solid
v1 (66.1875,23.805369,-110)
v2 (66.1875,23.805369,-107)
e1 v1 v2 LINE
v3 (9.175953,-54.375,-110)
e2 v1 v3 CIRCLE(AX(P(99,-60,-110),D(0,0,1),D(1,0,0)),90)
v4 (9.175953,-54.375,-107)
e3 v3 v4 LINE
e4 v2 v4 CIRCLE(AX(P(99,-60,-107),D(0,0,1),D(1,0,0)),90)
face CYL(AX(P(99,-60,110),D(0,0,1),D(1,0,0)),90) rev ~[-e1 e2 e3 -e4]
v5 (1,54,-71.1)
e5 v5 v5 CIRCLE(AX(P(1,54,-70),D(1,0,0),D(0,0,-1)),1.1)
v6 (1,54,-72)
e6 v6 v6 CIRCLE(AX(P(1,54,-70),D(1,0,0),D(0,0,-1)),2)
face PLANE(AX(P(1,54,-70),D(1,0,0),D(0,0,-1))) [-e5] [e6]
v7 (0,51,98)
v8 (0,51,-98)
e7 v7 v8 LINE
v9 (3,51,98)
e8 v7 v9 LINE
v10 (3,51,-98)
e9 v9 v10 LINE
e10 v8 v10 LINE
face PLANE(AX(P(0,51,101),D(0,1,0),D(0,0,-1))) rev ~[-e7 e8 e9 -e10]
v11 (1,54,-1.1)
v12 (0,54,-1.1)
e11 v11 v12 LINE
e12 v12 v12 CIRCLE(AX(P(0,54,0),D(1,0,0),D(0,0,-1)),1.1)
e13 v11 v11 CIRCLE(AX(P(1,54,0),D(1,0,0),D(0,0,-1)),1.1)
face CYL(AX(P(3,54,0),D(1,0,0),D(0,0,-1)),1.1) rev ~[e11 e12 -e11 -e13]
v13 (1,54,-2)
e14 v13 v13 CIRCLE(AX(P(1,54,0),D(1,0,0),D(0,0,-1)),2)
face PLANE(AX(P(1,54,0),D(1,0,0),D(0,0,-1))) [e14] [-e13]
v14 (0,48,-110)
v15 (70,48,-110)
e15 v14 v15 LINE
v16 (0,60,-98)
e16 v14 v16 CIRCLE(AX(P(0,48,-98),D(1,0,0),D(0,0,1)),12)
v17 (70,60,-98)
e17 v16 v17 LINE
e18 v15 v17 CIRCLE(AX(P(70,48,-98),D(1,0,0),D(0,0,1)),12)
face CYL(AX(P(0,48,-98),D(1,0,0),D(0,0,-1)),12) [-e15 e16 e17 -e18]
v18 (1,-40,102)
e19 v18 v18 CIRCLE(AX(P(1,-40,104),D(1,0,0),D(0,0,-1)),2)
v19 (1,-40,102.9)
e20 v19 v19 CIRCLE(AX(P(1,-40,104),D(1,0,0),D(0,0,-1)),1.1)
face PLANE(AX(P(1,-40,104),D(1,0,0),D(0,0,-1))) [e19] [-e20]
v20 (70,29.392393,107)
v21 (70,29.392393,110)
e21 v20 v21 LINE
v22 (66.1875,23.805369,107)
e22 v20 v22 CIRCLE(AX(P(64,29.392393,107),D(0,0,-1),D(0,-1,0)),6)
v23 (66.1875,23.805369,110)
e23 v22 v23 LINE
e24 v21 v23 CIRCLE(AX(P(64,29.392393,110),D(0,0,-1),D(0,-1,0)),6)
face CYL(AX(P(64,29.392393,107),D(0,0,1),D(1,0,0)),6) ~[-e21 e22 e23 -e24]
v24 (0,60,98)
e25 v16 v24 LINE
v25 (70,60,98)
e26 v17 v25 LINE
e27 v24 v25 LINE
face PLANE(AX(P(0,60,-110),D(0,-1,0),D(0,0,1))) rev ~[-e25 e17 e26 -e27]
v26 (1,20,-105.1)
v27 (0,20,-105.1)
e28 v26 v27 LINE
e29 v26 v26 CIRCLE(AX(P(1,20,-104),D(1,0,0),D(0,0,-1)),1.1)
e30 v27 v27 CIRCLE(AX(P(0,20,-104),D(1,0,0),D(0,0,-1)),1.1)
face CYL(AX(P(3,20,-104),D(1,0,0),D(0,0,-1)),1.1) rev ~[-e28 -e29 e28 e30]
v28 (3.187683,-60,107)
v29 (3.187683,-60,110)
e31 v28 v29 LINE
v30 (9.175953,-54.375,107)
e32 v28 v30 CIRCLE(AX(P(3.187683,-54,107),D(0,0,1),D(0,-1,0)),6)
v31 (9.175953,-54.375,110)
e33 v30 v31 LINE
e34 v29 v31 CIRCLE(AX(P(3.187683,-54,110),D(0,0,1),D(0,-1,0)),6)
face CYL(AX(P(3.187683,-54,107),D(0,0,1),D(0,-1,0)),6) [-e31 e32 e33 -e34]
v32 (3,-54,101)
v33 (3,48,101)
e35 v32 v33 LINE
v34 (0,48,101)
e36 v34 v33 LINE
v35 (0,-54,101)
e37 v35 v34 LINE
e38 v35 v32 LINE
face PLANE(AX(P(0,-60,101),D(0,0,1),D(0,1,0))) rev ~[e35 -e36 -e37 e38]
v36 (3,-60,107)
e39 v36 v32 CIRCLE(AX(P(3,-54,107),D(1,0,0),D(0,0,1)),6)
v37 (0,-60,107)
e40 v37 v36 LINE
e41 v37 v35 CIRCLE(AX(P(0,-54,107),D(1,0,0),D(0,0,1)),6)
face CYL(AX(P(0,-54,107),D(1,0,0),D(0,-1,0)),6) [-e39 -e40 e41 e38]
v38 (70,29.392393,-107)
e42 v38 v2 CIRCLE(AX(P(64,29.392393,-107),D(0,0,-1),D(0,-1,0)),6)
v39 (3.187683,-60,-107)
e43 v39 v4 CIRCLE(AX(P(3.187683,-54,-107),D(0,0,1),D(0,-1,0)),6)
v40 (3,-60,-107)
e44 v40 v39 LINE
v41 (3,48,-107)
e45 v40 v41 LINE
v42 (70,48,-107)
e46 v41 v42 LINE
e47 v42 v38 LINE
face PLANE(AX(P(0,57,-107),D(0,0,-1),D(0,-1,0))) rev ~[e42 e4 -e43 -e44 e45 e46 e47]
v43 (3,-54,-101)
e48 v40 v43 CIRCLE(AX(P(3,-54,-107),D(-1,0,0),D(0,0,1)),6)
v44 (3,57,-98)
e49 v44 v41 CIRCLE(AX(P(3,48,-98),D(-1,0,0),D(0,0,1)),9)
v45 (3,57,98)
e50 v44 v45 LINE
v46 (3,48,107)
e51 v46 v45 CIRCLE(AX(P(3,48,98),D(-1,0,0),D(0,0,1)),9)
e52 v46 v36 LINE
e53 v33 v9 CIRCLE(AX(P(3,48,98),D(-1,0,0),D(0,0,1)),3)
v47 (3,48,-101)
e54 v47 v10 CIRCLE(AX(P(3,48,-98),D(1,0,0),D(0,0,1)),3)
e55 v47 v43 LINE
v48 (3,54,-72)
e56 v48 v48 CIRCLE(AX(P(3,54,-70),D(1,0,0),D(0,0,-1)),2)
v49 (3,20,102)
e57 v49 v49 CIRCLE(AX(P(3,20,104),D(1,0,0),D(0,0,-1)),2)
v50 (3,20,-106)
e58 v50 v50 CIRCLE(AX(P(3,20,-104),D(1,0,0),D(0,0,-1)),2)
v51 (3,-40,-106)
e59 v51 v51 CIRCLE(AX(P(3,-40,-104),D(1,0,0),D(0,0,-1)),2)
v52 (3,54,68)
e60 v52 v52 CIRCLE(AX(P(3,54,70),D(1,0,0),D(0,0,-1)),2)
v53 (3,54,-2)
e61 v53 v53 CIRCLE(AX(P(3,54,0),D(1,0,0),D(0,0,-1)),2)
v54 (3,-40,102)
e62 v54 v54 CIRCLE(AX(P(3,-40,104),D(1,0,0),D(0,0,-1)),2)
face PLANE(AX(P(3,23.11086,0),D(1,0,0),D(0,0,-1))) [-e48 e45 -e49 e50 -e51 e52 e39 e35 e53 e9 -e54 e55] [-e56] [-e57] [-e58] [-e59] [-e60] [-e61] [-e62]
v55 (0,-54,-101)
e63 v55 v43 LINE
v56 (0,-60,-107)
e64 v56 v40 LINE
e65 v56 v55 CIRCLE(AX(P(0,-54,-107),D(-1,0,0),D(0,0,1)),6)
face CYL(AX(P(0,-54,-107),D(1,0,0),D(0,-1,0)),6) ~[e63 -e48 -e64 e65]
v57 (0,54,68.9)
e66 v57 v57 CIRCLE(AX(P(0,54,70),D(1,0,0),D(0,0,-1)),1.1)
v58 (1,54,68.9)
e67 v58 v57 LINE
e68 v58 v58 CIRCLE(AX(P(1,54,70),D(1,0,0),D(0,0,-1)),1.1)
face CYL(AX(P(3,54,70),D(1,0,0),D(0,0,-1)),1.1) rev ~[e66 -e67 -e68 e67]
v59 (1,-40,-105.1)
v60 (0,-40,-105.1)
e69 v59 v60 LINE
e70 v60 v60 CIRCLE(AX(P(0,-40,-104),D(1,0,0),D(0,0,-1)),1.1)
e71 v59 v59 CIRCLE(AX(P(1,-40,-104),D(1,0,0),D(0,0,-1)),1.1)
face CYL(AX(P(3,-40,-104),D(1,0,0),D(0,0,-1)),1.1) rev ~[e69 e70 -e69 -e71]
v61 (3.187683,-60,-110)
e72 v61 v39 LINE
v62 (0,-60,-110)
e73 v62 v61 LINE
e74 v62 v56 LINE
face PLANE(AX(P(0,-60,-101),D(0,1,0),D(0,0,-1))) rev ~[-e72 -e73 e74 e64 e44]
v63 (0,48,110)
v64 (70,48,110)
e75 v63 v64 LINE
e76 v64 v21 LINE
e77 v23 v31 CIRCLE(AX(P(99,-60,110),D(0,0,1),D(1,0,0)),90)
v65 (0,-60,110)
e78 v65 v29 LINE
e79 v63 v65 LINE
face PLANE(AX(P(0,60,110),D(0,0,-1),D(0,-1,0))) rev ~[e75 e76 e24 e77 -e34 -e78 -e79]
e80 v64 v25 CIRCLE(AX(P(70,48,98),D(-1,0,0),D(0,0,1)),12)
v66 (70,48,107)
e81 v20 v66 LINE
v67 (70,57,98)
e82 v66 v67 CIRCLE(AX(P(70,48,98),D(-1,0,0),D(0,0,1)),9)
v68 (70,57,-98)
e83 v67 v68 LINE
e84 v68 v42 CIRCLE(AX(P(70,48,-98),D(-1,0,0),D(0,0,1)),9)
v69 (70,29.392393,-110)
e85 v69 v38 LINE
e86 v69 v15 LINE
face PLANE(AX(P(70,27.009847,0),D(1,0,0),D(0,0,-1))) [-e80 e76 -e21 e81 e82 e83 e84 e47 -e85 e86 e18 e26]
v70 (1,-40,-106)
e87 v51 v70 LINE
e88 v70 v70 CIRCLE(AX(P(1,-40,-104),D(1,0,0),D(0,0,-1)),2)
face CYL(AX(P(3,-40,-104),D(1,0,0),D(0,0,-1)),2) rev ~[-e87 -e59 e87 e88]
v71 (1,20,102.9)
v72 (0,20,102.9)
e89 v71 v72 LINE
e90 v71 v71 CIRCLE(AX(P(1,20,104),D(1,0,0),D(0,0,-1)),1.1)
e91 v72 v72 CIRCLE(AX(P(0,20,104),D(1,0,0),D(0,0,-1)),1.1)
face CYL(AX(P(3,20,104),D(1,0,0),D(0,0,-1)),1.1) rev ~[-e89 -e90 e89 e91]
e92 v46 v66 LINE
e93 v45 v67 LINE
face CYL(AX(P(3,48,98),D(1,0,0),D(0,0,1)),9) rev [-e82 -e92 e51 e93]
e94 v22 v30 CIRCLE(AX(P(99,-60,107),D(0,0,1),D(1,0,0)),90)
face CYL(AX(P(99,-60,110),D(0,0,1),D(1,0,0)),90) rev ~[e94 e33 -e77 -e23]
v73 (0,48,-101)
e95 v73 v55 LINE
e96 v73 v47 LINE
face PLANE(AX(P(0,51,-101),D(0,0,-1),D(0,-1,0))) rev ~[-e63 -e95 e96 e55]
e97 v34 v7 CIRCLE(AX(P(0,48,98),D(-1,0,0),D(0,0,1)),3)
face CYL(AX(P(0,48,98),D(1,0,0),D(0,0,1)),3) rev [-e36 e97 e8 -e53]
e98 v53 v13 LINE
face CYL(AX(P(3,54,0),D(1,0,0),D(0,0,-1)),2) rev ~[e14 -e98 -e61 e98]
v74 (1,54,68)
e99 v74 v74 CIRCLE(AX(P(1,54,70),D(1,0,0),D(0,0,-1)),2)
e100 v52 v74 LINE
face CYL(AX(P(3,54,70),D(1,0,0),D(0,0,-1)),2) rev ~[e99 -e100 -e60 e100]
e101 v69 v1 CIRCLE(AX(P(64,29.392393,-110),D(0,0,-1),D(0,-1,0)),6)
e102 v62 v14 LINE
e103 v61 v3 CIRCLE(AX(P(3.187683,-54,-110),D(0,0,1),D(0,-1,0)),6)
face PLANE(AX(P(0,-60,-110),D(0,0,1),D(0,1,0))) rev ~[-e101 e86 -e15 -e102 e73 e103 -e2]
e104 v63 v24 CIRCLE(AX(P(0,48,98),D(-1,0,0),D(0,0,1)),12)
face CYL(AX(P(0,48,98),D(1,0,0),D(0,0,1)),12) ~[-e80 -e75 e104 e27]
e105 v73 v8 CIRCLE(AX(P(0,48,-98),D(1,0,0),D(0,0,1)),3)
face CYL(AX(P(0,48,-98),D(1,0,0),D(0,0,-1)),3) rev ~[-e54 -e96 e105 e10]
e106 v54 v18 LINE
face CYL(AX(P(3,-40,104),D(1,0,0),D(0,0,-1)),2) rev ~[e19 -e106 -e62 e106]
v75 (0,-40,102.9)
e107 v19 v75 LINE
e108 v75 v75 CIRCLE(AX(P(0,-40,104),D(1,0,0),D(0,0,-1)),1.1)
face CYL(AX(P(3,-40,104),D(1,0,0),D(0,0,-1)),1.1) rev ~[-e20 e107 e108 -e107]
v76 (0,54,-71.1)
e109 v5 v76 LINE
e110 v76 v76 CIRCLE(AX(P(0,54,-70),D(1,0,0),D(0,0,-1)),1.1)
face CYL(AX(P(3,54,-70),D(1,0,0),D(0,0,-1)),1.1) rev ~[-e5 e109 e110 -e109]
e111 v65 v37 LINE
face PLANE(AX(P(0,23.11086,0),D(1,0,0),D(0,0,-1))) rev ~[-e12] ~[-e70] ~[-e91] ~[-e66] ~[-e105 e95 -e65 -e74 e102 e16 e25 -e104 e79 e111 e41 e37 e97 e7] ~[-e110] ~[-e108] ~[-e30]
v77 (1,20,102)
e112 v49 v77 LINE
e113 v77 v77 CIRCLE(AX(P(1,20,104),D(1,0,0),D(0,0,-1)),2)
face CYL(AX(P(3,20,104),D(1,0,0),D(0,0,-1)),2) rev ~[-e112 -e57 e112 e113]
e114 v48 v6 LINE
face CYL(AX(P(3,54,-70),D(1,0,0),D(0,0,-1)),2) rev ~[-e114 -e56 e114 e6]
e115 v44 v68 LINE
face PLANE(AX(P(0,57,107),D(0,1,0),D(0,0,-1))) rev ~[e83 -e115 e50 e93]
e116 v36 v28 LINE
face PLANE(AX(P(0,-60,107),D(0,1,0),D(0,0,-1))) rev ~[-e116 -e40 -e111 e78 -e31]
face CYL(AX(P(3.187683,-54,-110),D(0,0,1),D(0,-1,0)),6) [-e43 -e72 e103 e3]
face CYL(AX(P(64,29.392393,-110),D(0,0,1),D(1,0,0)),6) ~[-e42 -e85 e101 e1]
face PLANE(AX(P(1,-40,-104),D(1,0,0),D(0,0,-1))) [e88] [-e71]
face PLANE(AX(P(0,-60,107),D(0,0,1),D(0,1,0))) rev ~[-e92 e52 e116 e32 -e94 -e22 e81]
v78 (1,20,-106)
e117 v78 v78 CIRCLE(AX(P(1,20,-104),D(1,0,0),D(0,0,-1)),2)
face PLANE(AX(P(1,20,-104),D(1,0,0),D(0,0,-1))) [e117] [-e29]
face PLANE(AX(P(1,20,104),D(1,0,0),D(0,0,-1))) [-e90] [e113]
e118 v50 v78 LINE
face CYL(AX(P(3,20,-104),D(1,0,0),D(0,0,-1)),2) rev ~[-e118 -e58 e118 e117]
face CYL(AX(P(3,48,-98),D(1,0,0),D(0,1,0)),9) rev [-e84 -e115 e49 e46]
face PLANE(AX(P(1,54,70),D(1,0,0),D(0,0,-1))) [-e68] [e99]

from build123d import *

# Parameters (mm, degrees)
BOSS_EXTRUDE1_DEPTH = 70
BOSS_EXTRUDE2_DEPTH = 3
SKETCH2_R           = 90
CUT_EXTRUDE1_DEPTH  = 239.537208838
FILLET2_R           = 9
FILLET3_R           = 3
FILLET4_R           = 12
FILLET5_R           = 6
SKETCH3_R           = 2
CUT_EXTRUDE2_DEPTH  = 2
SKETCH4_R           = 1.1
CUT_EXTRUDE3_DEPTH  = 3


with BuildPart() as part:
    # Sketch1 → Boss-Extrude1 (new body)
    with BuildSketch(Plane(origin=(0, 0, 0), x_dir=(0, 0, -1), z_dir=(1, 0, 0))):
        Polygon((-107, -60), (-107, 57), (107, 57), (107, -60), (110, -60), (110, 60), (-110, 60), (-110, -60), align=None)
    extrude(amount=BOSS_EXTRUDE1_DEPTH)

    # Sketch1<3> → Boss-Extrude2 (add)
    with BuildSketch(Plane(origin=(0, 0, 0), x_dir=(0, 0, -1), z_dir=(1, 0, 0))):
        Polygon((107, 57), (-107, 57), (-107, -60), (-101, -60), (-101, 51), (101, 51), (101, -60), (107, -60), align=None)
    extrude(amount=BOSS_EXTRUDE2_DEPTH)

    # Sketch2 → Cut-Extrude1 (cut, through all)
    with BuildSketch(Plane.XY.offset(110)):
        with Locations((99, -60)):
            Circle(SKETCH2_R)
    extrude(amount=-CUT_EXTRUDE1_DEPTH, mode=Mode.SUBTRACT)

    # Fillet2
    fillet2_edges = [part.edges().sort_by_distance(p)[0] for p in [
        (36.5, 57, -107),
        (36.5, 57, 107),
    ]]
    fillet(fillet2_edges, radius=FILLET2_R)

    # Fillet3
    fillet3_edges = [part.edges().sort_by_distance(p)[0] for p in [
        (1.5, 51, -101),
        (1.5, 51, 101),
    ]]
    fillet(fillet3_edges, radius=FILLET3_R)

    # Fillet4
    fillet4_edges = [part.edges().sort_by_distance(p)[0] for p in [
        (35, 60, 110),
        (35, 60, -110),
    ]]
    fillet(fillet4_edges, radius=FILLET4_R)

    # Fillet5
    fillet5_edges = [part.edges().sort_by_distance(p)[0] for p in [
        (1.5, -60, 101),
        (9, -60, 108.5),
        (1.5, -60, -101),
        (9, -60, -108.5),
        (70, 25.199765258, -108.5),
        (70, 25.199765258, 108.5),
    ]]
    fillet(fillet5_edges, radius=FILLET5_R)

    # Sketch3 → Cut-Extrude2 (cut)
    with BuildSketch(Plane(origin=(3, 0, 0), x_dir=(0, 0, -1), z_dir=(1, 0, 0))):
        with Locations((-104, -40)):
            Circle(SKETCH3_R)
        with Locations((-104, 20)):
            Circle(SKETCH3_R)
        with Locations((-70, 54)):
            Circle(SKETCH3_R)
        with Locations((0, 54)):
            Circle(SKETCH3_R)
        with Locations((70, 54)):
            Circle(SKETCH3_R)
        with Locations((104, 20)):
            Circle(SKETCH3_R)
        with Locations((104, -40)):
            Circle(SKETCH3_R)
    extrude(amount=-CUT_EXTRUDE2_DEPTH, mode=Mode.SUBTRACT)

    # Sketch4 → Cut-Extrude3 (cut)
    with BuildSketch(Plane(origin=(3, 0, 0), x_dir=(0, 0, -1), z_dir=(1, 0, 0))):
        with Locations((-104, -40)):
            Circle(SKETCH4_R)
        with Locations((-104, 20)):
            Circle(SKETCH4_R)
        with Locations((-70, 54)):
            Circle(SKETCH4_R)
        with Locations((0, 54)):
            Circle(SKETCH4_R)
        with Locations((70, 54)):
            Circle(SKETCH4_R)
        with Locations((104, 20)):
            Circle(SKETCH4_R)
        with Locations((104, -40)):
            Circle(SKETCH4_R)
    extrude(amount=-CUT_EXTRUDE3_DEPTH, mode=Mode.SUBTRACT)


solid = part.part
